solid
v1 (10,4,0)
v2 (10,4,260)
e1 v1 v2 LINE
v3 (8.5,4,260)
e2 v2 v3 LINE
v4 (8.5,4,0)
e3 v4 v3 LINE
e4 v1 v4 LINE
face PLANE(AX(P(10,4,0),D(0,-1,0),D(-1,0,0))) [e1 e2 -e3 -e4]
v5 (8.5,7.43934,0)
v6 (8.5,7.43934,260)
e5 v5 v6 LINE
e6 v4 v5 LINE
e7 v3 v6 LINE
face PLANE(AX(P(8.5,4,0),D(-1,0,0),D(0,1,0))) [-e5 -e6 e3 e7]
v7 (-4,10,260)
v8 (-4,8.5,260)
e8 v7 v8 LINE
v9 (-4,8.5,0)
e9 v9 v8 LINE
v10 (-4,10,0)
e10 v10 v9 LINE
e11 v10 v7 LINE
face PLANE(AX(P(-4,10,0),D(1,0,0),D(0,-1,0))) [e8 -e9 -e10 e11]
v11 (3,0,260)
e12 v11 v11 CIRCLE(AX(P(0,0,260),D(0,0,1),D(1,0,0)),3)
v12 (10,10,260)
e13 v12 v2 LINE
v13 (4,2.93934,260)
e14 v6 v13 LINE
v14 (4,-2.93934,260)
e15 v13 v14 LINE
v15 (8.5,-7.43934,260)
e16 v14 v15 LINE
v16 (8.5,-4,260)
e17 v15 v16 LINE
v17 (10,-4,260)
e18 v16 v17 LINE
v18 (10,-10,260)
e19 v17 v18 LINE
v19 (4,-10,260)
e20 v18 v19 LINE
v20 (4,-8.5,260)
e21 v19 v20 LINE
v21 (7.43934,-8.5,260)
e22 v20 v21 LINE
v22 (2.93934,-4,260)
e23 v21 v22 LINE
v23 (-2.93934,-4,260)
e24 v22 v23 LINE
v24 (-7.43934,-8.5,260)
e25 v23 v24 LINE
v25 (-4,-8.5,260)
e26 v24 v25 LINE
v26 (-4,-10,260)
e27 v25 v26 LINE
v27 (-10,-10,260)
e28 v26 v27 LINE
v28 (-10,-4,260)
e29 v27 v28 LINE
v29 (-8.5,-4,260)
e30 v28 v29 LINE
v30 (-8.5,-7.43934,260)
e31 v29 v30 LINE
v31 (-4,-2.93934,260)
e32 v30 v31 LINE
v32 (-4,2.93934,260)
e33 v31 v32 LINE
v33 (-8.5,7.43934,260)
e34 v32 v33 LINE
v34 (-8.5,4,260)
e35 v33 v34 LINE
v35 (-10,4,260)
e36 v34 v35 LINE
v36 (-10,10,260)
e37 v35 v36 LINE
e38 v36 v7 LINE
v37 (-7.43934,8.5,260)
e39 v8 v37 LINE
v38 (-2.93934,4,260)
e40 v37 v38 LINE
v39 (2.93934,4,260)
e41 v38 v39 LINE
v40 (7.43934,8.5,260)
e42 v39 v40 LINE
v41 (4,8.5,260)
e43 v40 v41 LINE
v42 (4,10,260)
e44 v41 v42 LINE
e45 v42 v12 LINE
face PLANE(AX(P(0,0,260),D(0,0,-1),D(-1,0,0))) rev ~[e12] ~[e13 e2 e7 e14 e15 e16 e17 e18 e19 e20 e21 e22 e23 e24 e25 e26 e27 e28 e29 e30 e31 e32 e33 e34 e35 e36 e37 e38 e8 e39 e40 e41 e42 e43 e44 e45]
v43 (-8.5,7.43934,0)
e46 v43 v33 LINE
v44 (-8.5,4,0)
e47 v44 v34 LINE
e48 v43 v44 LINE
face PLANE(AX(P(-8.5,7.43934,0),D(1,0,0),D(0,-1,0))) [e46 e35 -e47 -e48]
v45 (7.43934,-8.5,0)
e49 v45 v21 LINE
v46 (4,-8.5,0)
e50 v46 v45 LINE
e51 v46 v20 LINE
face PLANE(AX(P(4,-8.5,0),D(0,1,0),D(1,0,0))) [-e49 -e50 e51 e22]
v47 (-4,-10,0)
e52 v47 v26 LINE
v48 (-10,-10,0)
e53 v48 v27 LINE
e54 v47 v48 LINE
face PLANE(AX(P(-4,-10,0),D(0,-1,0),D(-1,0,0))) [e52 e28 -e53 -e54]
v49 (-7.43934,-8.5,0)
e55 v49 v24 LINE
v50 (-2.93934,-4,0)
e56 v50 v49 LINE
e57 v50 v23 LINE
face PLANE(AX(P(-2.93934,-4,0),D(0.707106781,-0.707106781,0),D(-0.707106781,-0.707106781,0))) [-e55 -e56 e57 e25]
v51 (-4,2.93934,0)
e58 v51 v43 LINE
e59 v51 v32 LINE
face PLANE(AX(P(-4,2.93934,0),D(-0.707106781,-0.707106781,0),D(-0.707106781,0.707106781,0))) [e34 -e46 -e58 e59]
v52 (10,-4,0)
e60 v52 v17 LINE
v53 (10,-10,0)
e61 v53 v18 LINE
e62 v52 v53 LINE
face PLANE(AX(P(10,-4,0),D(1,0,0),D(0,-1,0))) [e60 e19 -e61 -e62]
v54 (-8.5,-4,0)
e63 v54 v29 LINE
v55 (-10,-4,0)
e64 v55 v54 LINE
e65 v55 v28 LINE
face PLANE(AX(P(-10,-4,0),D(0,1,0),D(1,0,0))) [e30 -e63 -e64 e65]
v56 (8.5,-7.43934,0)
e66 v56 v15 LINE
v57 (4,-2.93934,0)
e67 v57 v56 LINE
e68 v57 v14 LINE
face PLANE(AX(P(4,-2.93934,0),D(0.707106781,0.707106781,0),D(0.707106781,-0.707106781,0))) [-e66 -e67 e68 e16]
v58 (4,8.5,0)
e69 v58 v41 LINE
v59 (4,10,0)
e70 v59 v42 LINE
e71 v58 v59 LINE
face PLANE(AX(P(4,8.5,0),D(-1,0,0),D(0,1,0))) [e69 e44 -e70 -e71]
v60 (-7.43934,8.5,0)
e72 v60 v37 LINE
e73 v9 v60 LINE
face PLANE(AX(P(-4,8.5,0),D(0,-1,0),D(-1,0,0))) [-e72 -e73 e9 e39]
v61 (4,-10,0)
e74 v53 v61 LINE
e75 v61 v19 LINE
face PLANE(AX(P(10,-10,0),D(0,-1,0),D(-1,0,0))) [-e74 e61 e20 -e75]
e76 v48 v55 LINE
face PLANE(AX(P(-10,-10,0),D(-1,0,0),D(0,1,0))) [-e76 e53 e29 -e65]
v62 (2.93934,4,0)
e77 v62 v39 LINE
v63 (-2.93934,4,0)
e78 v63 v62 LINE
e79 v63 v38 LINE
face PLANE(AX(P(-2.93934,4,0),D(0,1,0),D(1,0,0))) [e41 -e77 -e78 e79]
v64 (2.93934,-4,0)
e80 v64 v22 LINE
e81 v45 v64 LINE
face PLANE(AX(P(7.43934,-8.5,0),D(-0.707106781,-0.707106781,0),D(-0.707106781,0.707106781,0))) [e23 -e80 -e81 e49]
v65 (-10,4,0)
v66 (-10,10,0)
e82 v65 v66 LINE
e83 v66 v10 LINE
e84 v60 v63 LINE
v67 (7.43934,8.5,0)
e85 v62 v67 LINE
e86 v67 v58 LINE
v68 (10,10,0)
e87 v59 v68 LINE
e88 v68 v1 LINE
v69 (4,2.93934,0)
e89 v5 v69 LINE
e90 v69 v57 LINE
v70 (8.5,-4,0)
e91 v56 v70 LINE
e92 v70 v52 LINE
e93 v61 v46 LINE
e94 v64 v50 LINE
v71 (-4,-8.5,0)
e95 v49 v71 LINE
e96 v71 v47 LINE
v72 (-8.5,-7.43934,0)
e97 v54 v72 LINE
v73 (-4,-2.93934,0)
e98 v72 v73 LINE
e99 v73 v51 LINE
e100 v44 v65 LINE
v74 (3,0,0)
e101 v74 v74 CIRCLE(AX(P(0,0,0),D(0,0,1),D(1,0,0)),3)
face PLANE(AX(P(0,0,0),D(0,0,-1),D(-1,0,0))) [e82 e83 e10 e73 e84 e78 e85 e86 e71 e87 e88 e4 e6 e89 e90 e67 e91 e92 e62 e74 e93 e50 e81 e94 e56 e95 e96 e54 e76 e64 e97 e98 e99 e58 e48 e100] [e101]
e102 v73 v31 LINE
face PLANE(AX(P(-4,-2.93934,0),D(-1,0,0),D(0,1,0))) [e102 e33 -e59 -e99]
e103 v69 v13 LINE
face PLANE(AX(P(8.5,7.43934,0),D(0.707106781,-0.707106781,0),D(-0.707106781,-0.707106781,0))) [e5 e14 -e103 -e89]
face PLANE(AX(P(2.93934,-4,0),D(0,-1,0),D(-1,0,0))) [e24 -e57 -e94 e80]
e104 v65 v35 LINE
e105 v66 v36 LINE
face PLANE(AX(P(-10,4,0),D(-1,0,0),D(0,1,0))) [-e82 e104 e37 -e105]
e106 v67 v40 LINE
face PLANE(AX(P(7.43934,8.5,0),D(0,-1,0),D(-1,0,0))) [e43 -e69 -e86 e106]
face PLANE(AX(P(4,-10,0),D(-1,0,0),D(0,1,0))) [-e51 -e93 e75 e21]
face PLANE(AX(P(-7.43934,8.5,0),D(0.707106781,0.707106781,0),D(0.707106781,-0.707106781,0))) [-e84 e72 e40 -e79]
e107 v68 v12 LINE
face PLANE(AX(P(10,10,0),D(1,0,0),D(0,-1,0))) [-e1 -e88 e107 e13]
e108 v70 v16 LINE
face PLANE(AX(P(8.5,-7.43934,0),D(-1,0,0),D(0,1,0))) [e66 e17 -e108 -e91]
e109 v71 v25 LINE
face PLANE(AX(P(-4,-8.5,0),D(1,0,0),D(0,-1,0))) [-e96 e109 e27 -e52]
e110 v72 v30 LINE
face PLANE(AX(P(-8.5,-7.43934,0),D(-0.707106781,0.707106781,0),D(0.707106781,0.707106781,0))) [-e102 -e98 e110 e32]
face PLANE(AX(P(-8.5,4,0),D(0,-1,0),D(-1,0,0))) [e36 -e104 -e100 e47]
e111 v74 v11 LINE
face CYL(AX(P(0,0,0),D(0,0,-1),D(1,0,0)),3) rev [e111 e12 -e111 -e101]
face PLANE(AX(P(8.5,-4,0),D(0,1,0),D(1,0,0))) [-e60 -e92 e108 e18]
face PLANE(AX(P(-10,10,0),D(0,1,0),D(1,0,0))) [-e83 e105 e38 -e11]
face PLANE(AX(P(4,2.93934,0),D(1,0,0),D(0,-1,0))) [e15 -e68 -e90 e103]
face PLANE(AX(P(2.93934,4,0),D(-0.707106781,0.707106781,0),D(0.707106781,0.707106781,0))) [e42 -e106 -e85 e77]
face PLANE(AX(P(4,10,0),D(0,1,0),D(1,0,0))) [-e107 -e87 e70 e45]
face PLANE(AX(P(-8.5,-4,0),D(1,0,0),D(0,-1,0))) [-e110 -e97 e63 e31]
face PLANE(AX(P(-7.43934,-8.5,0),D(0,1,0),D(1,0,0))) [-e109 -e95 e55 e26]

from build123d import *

# Parameters (mm, degrees)
ESBO_O1_R                = 3
RESSALTO_EXTRUS_O1_DEPTH = 260


with BuildPart() as part:
    # Esboço1 → Ressalto-extrusão1 (new body)
    with BuildSketch(Plane.XY):
        Polygon((-2.939339828, 4), (2.939339828, 4), (7.439339828, 8.5), (4, 8.5), (4, 10), (10, 10), (10, 4), (8.5, 4), (8.5, 7.439339828), (4, 2.939339828), (4, -2.939339828), (8.5, -7.439339828), (8.5, -4), (10, -4), (10, -10), (4, -10), (4, -8.5), (7.439339828, -8.5), (2.939339828, -4), (-2.939339828, -4), (-7.439339828, -8.5), (-4, -8.5), (-4, -10), (-10, -10), (-10, -4), (-8.5, -4), (-8.5, -7.439339828), (-4, -2.939339828), (-4, 2.939339828), (-8.5, 7.439339828), (-8.5, 4), (-10, 4), (-10, 10), (-4, 10), (-4, 8.5), (-7.439339828, 8.5), align=None)
        Circle(ESBO_O1_R, mode=Mode.SUBTRACT)
    extrude(amount=RESSALTO_EXTRUS_O1_DEPTH)


solid = part.part
